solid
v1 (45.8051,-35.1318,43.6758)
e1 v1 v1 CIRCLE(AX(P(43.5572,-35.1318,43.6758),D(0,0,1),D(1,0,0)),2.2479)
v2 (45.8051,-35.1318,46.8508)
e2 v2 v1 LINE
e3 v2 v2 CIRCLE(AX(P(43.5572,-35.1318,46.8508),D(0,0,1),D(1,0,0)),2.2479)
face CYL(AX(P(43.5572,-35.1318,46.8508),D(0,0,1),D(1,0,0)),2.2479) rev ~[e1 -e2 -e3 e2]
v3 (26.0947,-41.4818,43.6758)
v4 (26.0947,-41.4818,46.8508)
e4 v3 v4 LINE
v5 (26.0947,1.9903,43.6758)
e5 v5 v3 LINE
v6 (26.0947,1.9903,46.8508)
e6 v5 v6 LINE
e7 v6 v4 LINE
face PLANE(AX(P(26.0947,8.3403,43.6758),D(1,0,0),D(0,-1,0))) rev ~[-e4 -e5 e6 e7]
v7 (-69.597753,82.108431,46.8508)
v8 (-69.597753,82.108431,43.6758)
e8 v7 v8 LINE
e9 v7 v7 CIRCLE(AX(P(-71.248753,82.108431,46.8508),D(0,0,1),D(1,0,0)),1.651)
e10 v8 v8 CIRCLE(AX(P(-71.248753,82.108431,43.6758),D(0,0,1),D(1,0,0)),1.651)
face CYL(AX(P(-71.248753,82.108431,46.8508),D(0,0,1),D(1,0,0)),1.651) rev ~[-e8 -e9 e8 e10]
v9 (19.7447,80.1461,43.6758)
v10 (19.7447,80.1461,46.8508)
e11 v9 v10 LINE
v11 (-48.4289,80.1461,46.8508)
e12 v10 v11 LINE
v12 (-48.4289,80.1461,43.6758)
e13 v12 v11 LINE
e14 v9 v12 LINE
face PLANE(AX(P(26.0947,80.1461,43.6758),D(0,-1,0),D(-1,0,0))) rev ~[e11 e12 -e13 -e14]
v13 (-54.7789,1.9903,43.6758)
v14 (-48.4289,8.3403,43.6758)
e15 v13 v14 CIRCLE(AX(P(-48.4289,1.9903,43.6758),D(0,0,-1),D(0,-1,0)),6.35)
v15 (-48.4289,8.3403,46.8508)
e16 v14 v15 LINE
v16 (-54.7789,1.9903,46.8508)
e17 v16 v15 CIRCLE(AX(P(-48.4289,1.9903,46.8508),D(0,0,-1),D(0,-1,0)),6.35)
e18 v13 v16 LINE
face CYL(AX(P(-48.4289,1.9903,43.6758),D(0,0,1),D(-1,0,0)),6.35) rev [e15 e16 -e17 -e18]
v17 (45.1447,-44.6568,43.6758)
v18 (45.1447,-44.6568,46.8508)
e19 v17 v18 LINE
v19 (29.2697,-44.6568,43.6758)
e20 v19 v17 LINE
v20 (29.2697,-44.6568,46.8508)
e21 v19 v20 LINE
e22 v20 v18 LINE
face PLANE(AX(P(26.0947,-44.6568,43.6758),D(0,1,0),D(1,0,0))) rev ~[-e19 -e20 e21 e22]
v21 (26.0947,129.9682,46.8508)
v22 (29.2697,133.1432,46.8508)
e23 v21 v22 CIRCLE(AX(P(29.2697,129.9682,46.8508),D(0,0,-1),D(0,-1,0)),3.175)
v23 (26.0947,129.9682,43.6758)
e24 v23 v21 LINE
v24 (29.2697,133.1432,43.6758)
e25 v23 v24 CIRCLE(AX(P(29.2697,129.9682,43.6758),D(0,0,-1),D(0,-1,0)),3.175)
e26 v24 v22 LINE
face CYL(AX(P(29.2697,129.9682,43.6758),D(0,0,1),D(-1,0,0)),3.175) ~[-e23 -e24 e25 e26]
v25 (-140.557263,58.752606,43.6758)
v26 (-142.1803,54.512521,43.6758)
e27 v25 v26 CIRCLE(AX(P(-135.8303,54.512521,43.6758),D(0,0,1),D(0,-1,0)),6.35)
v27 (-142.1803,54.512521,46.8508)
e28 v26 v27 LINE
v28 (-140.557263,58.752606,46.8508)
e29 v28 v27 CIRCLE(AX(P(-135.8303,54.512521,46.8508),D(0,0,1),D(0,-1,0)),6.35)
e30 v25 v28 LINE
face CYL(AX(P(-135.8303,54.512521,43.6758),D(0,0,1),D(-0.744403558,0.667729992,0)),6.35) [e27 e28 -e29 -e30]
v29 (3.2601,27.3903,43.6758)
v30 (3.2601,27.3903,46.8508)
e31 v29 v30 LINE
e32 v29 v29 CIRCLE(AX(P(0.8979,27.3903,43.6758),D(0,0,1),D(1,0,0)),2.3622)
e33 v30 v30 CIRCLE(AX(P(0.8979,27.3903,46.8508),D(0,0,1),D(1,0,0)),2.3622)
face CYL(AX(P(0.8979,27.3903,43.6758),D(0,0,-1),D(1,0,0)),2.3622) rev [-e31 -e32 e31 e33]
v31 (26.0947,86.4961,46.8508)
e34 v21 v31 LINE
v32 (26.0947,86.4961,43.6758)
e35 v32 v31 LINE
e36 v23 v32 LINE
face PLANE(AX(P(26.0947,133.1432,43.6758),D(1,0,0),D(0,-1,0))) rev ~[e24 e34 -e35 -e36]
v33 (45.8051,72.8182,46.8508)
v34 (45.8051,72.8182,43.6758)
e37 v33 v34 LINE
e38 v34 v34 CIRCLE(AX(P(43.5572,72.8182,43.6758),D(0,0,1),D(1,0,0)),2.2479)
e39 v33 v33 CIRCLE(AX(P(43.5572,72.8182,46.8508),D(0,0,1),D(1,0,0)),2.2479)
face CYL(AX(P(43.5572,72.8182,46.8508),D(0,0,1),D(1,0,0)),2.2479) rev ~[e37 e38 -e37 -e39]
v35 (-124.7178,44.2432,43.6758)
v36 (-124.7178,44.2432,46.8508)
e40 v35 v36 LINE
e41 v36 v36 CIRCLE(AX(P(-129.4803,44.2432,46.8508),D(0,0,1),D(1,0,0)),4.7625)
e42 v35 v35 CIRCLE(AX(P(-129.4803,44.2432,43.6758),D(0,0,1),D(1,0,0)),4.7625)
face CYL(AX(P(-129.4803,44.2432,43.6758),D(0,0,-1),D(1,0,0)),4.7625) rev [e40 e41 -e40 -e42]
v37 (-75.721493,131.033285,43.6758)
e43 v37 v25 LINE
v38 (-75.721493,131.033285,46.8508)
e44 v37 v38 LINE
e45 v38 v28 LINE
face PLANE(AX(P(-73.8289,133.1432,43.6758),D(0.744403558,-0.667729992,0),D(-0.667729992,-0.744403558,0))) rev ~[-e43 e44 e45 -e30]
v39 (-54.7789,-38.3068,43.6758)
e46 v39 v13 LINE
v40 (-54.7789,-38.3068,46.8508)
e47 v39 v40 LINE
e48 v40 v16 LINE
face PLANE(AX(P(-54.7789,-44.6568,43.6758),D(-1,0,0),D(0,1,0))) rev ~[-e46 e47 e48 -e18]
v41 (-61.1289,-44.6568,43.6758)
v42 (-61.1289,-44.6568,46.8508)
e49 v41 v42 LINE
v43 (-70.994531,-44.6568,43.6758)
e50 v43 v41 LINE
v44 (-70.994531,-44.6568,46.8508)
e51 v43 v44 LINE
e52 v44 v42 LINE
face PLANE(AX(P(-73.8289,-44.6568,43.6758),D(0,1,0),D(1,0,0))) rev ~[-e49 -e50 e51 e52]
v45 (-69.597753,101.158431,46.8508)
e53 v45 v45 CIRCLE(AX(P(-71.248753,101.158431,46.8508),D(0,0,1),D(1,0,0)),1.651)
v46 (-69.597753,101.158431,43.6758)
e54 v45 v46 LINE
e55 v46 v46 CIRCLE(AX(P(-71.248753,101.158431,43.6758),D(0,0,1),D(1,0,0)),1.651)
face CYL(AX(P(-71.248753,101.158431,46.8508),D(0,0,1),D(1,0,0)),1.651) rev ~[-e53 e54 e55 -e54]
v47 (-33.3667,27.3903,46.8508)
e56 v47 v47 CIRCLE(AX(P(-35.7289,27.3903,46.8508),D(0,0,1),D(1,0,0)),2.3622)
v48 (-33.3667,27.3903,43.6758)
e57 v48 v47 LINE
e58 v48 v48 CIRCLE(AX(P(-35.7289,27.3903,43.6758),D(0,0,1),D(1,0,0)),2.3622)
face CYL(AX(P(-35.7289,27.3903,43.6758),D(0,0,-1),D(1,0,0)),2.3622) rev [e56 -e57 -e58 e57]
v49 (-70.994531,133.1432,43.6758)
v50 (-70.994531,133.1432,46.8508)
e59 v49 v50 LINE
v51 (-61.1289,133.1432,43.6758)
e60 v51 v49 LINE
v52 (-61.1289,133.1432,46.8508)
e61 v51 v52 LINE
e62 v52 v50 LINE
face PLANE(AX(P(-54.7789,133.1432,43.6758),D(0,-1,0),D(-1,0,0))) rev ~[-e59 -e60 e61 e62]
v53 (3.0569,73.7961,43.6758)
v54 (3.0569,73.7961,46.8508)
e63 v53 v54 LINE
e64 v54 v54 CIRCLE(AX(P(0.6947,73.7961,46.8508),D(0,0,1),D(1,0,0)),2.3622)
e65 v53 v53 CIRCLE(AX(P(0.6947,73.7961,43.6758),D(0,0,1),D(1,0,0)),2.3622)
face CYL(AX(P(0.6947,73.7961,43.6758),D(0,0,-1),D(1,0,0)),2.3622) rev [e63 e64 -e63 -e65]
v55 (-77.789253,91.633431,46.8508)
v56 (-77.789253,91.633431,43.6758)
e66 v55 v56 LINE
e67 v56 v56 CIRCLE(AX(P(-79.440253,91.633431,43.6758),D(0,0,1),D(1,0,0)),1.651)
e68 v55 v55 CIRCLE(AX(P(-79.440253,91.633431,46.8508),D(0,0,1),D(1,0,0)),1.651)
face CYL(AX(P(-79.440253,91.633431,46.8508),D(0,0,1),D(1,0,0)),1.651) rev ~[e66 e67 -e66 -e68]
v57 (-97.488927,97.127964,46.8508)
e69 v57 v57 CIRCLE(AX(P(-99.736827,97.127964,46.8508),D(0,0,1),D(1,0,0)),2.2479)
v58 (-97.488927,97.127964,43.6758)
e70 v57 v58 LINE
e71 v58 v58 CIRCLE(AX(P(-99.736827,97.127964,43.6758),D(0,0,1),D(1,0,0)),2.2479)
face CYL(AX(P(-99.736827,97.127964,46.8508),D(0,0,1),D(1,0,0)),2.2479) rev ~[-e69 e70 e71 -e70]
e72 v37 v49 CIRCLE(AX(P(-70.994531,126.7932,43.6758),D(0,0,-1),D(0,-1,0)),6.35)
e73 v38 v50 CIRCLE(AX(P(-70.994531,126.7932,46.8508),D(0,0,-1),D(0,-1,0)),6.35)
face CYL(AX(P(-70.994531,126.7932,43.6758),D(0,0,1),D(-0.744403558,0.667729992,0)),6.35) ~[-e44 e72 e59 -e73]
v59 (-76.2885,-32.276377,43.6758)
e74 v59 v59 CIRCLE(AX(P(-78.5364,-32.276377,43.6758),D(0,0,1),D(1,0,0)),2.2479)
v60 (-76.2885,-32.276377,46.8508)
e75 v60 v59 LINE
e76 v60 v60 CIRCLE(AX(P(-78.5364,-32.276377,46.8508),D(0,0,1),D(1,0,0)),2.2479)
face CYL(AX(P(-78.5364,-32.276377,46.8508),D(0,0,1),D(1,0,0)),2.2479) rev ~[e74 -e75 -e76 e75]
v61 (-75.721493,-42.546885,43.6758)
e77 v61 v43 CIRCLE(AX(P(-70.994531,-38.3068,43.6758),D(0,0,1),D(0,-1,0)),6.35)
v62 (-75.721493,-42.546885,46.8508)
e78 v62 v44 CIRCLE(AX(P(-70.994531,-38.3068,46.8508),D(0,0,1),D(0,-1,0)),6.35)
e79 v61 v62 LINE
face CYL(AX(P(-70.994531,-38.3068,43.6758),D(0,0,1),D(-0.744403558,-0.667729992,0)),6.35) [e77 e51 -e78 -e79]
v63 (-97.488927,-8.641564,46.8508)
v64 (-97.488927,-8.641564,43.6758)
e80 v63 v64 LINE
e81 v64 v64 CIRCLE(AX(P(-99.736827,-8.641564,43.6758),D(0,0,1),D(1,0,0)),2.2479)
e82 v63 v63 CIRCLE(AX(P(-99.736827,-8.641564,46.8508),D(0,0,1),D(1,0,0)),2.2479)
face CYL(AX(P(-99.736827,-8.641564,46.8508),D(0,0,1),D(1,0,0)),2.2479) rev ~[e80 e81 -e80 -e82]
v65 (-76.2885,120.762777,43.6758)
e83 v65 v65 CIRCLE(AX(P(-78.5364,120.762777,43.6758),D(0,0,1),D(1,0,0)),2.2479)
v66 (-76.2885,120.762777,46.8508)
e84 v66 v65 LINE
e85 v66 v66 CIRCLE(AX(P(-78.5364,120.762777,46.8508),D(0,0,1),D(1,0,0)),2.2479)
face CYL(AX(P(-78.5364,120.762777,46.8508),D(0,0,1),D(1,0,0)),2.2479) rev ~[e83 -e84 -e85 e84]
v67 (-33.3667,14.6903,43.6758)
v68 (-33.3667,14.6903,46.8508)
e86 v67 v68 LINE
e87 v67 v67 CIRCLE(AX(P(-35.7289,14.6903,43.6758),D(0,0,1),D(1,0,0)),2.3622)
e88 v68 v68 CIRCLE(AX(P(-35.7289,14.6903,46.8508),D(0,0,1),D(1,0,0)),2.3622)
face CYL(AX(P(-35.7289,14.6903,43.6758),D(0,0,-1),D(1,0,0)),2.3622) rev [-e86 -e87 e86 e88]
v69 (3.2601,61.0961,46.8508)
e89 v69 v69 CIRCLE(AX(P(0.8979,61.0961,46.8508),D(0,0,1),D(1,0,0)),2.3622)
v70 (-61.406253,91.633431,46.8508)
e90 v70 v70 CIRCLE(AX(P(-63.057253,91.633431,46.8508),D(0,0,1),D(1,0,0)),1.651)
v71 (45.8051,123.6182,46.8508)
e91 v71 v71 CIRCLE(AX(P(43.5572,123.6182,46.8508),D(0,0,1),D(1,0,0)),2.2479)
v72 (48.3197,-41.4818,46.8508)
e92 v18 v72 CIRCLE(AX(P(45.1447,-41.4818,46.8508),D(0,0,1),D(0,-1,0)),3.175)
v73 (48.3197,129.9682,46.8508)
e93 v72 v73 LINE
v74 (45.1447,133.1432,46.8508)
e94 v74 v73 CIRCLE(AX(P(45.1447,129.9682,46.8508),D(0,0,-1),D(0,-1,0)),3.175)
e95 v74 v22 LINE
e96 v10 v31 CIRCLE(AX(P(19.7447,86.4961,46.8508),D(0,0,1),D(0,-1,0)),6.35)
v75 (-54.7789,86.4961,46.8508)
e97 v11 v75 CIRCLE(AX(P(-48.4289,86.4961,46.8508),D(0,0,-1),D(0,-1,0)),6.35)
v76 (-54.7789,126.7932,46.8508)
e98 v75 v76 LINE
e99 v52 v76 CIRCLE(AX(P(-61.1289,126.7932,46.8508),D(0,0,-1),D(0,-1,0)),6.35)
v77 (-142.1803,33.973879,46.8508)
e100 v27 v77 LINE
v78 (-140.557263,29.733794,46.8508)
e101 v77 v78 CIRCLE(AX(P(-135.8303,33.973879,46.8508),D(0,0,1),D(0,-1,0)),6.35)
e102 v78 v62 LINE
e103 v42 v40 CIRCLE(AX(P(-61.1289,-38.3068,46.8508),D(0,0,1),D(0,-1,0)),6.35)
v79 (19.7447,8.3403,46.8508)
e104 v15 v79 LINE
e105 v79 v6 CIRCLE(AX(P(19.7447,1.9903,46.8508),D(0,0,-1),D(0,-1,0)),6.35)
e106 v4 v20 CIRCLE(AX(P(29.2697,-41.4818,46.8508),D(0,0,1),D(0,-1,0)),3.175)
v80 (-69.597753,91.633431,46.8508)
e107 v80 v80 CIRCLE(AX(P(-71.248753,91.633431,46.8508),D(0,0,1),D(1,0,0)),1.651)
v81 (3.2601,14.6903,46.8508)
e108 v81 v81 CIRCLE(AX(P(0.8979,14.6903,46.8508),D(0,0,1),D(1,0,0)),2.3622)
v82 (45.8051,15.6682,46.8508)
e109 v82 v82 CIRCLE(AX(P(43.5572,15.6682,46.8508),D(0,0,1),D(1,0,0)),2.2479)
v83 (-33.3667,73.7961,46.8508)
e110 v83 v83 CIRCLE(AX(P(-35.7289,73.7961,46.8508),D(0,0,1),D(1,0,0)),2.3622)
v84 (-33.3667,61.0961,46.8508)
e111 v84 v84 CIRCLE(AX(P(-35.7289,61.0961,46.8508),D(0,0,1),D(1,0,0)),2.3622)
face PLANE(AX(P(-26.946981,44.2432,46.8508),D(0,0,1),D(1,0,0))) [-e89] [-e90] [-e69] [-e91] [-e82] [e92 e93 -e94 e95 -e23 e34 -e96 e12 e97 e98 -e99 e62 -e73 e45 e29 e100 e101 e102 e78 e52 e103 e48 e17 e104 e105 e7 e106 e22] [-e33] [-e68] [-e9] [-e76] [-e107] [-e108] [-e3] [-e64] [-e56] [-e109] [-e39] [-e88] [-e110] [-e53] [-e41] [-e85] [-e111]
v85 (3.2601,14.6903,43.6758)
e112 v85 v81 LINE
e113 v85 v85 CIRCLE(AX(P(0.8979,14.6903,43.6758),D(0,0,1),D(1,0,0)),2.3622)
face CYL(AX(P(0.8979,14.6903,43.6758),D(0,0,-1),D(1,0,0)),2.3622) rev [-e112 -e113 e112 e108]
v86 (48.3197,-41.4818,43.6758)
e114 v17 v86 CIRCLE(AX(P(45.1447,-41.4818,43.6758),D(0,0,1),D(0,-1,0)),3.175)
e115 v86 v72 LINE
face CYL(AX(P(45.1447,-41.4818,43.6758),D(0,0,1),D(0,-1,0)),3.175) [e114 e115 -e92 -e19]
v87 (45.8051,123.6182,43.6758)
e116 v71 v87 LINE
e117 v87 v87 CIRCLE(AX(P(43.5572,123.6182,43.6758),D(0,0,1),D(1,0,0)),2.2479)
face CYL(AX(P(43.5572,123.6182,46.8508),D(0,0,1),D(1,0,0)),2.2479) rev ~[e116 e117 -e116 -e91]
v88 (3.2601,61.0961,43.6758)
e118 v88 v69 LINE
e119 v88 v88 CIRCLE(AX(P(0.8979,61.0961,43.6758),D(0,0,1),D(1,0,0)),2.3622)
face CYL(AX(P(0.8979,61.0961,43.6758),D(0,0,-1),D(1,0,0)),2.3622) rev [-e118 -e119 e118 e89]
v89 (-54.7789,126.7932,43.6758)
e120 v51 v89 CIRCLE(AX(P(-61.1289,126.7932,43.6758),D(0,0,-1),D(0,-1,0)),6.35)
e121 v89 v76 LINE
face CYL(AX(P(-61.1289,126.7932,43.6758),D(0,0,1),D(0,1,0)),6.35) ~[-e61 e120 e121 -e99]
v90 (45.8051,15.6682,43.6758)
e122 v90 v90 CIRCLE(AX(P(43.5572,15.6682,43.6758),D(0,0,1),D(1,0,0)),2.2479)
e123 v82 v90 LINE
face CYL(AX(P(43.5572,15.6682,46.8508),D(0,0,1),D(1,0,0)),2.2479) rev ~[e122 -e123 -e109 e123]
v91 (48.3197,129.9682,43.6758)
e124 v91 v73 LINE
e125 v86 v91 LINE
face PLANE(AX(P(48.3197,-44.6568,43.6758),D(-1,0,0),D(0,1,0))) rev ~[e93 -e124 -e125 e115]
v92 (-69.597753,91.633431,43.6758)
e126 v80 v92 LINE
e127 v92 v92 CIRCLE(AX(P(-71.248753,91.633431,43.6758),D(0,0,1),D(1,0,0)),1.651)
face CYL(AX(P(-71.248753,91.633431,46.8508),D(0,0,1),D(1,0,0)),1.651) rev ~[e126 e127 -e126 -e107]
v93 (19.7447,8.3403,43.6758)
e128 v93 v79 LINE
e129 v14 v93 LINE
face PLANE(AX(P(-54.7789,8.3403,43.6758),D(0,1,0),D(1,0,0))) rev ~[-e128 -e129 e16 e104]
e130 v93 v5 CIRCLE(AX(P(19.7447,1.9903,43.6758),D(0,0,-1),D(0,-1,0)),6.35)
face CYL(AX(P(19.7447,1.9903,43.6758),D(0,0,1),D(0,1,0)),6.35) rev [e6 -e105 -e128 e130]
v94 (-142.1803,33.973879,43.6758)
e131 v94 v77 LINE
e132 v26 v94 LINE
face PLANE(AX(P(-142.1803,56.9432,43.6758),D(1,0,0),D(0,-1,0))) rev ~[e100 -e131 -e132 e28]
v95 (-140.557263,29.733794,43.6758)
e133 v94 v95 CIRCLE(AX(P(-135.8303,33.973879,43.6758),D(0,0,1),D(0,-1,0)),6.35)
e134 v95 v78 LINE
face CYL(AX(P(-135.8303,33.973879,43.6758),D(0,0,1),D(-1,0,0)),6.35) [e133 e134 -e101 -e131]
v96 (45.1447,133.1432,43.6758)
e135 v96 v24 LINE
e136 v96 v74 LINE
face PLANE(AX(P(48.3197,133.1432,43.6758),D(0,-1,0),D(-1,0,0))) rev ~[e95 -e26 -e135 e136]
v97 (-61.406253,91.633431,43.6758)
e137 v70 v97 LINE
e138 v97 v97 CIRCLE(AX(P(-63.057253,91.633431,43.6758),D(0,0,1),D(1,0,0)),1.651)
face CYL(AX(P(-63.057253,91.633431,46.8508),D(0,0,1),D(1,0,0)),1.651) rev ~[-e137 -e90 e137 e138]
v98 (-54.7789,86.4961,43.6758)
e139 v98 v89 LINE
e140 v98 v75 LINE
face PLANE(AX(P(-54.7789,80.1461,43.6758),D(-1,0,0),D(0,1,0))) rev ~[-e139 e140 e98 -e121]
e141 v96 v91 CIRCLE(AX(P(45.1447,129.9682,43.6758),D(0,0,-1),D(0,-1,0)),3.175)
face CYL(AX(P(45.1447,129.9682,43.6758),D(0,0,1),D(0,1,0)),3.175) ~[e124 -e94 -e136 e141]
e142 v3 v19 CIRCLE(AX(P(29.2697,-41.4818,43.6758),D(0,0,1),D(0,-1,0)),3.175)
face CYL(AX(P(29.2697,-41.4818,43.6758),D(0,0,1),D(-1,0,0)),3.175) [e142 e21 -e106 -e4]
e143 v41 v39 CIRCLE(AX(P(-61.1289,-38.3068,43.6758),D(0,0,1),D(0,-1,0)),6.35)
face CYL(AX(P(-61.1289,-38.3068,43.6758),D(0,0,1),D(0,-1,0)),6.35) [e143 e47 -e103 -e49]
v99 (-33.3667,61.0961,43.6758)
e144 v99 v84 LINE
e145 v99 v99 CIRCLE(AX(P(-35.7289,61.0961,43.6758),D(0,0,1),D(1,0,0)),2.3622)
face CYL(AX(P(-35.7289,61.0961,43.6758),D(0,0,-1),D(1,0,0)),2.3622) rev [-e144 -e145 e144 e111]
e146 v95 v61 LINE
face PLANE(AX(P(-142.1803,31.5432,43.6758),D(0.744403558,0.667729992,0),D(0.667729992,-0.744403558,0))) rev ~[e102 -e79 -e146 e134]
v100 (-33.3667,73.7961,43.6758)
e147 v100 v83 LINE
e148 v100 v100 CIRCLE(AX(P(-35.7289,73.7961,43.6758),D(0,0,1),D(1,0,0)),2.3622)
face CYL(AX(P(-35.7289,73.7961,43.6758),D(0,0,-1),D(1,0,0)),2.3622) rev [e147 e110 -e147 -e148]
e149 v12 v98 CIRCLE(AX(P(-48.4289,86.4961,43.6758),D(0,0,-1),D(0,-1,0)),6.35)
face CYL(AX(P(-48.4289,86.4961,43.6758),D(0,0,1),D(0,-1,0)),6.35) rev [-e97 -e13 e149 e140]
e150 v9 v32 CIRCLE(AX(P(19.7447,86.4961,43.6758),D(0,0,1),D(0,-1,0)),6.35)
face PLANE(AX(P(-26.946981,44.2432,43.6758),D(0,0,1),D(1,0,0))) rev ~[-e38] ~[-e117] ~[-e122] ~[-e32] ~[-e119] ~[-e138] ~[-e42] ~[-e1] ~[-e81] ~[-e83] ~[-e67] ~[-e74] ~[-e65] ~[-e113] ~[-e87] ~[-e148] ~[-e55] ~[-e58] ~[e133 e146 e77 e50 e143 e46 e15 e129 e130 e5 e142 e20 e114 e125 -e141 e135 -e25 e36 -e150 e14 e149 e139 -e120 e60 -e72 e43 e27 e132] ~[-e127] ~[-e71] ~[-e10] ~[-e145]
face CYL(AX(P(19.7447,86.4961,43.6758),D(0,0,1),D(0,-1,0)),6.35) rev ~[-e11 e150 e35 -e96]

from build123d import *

# Parameters (mm, degrees)
SKETCH_R        = 2.3622
SKETCH_R_2      = 4.7625
PAD_DEPTH       = 3.175
FILLET_R        = 6.35
FILLET001_R     = 6.35
FILLET002_R     = 6.35
FILLET003_R     = 6.35
FILLET004_R     = 6.35
FILLET005_R     = 3.175
FILLET006_R     = 3.175
FILLET007_R     = 6.35
FILLET008_R     = 6.35
FILLET009_R     = 6.35
FILLET010_R     = 6.35
FILLET011_R     = 6.35
FILLET012_R     = 3.175
FILLET013_R     = 3.175
SKETCH001_R     = 1.651
POCKET_DEPTH    = 3.176
SKETCH002_R     = 2.2479
POCKET001_DEPTH = 3.176
SKETCH003_R     = 2.2479
POCKET002_DEPTH = 4.99999


with BuildPart() as part:
    # Sketch → Pad (new body)
    with BuildSketch(Plane(origin=(-14.3421, 44.2432, 43.6758), x_dir=(1, 0, 0), z_dir=(0, 0, 1))):
        Polygon((40.4368, 35.9029), (-40.4368, 35.9029), (-40.4368, 88.9), (-59.4868, 88.9), (-127.8382, 12.7), (-127.8382, -12.7), (-59.4868, -88.9), (-40.4368, -88.9), (-40.4368, -35.9029), (40.4368, -35.9029), (40.4368, -88.9), (62.6618, -88.9), (62.6618, 88.9), (40.4368, 88.9), align=None)
        with Locations((-21.3868, 29.5529)):
            Circle(SKETCH_R, mode=Mode.SUBTRACT)
        with Locations((-21.3868, 16.8529)):
            Circle(SKETCH_R, mode=Mode.SUBTRACT)
        with Locations((-21.3868, -16.8529)):
            Circle(SKETCH_R, mode=Mode.SUBTRACT)
        with Locations((-21.3868, -29.5529)):
            Circle(SKETCH_R, mode=Mode.SUBTRACT)
        with Locations((15.0368, 29.5529)):
            Circle(SKETCH_R, mode=Mode.SUBTRACT)
        with Locations((15.24, 16.8529)):
            Circle(SKETCH_R, mode=Mode.SUBTRACT)
        with Locations((15.24, -16.8529)):
            Circle(SKETCH_R, mode=Mode.SUBTRACT)
        with Locations((15.24, -29.5529)):
            Circle(SKETCH_R, mode=Mode.SUBTRACT)
        with Locations((-115.1382, 0)):
            Circle(SKETCH_R_2, mode=Mode.SUBTRACT)
    extrude(amount=PAD_DEPTH)

    # Fillet
    fillet_edges = [part.edges().sort_by_distance(p)[0] for p in [
        (-142.1803, 31.5432, 45.2633),
    ]]
    fillet(fillet_edges, radius=FILLET_R)

    # Fillet001
    fillet001_edges = [part.edges().sort_by_distance(p)[0] for p in [
        (-73.8289, -44.6568, 45.2633),
    ]]
    fillet(fillet001_edges, radius=FILLET001_R)

    # Fillet002
    fillet002_edges = [part.edges().sort_by_distance(p)[0] for p in [
        (-54.7789, -44.6568, 45.2633),
    ]]
    fillet(fillet002_edges, radius=FILLET002_R)

    # Fillet003
    fillet003_edges = [part.edges().sort_by_distance(p)[0] for p in [
        (-54.7789, 8.3403, 45.2633),
    ]]
    fillet(fillet003_edges, radius=FILLET003_R)

    # Fillet004
    fillet004_edges = [part.edges().sort_by_distance(p)[0] for p in [
        (26.0947, 8.3403, 45.2633),
    ]]
    fillet(fillet004_edges, radius=FILLET004_R)

    # Fillet005
    fillet005_edges = [part.edges().sort_by_distance(p)[0] for p in [
        (26.0947, -44.6568, 45.2633),
    ]]
    fillet(fillet005_edges, radius=FILLET005_R)

    # Fillet006
    fillet006_edges = [part.edges().sort_by_distance(p)[0] for p in [
        (48.3197, -44.6568, 45.2633),
    ]]
    fillet(fillet006_edges, radius=FILLET006_R)

    # Fillet007
    fillet007_edges = [part.edges().sort_by_distance(p)[0] for p in [
        (-142.1803, 56.9432, 45.2633),
    ]]
    fillet(fillet007_edges, radius=FILLET007_R)

    # Fillet008
    fillet008_edges = [part.edges().sort_by_distance(p)[0] for p in [
        (-73.8289, 133.1432, 45.2633),
    ]]
    fillet(fillet008_edges, radius=FILLET008_R)

    # Fillet009
    fillet009_edges = [part.edges().sort_by_distance(p)[0] for p in [
        (-54.7789, 133.1432, 45.2633),
    ]]
    fillet(fillet009_edges, radius=FILLET009_R)

    # Fillet010
    fillet010_edges = [part.edges().sort_by_distance(p)[0] for p in [
        (26.0947, 80.1461, 45.2633),
    ]]
    fillet(fillet010_edges, radius=FILLET010_R)

    # Fillet011
    fillet011_edges = [part.edges().sort_by_distance(p)[0] for p in [
        (-54.7789, 80.1461, 45.2633),
    ]]
    fillet(fillet011_edges, radius=FILLET011_R)

    # Fillet012
    fillet012_edges = [part.edges().sort_by_distance(p)[0] for p in [
        (26.0947, 133.1432, 45.2633),
    ]]
    fillet(fillet012_edges, radius=FILLET012_R)

    # Fillet013
    fillet013_edges = [part.edges().sort_by_distance(p)[0] for p in [
        (48.3197, 133.1432, 45.2633),
    ]]
    fillet(fillet013_edges, radius=FILLET013_R)

    # Sketch001 → Pocket (cut, through all)
    with BuildSketch(Plane(origin=(-14.3421, 44.2432, 46.8508), x_dir=(1, 0, 0), z_dir=(0, 0, 1))):
        with Locations((-56.906653, 47.390231)):
            Circle(SKETCH001_R)
        with Locations((-65.098153, 47.390231)):
            Circle(SKETCH001_R)
        with Locations((-56.906653, 56.915231)):
            Circle(SKETCH001_R)
        with Locations((-48.715153, 47.390231)):
            Circle(SKETCH001_R)
        with Locations((-56.906653, 37.865231)):
            Circle(SKETCH001_R)
    extrude(amount=-POCKET_DEPTH, mode=Mode.SUBTRACT)

    # Sketch002 → Pocket001 (cut, through all)
    with BuildSketch(Plane(origin=(-14.3421, 44.2432, 46.8508), x_dir=(1, 0, 0), z_dir=(0, 0, 1))):
        with Locations((-85.394727, -52.884764)):
            Circle(SKETCH002_R)
        with Locations((-64.1943, -76.519577)):
            Circle(SKETCH002_R)
        with Locations((-64.1943, 76.519577)):
            Circle(SKETCH002_R)
        with Locations((-85.394727, 52.884764)):
            Circle(SKETCH002_R)
    extrude(amount=-POCKET001_DEPTH, mode=Mode.SUBTRACT)

    # Sketch003 → Pocket002 (cut)
    with BuildSketch(Plane(origin=(-14.3421, 44.2432, 46.8508), x_dir=(1, 0, 0), z_dir=(0, 0, 1))):
        with Locations((57.8993, -79.375)):
            Circle(SKETCH003_R)
        with Locations((57.8993, -28.575)):
            Circle(SKETCH003_R)
        with Locations((57.8993, 79.375)):
            Circle(SKETCH003_R)
        with Locations((57.8993, 28.575)):
            Circle(SKETCH003_R)
    extrude(amount=-POCKET002_DEPTH, mode=Mode.SUBTRACT)


solid = part.part
